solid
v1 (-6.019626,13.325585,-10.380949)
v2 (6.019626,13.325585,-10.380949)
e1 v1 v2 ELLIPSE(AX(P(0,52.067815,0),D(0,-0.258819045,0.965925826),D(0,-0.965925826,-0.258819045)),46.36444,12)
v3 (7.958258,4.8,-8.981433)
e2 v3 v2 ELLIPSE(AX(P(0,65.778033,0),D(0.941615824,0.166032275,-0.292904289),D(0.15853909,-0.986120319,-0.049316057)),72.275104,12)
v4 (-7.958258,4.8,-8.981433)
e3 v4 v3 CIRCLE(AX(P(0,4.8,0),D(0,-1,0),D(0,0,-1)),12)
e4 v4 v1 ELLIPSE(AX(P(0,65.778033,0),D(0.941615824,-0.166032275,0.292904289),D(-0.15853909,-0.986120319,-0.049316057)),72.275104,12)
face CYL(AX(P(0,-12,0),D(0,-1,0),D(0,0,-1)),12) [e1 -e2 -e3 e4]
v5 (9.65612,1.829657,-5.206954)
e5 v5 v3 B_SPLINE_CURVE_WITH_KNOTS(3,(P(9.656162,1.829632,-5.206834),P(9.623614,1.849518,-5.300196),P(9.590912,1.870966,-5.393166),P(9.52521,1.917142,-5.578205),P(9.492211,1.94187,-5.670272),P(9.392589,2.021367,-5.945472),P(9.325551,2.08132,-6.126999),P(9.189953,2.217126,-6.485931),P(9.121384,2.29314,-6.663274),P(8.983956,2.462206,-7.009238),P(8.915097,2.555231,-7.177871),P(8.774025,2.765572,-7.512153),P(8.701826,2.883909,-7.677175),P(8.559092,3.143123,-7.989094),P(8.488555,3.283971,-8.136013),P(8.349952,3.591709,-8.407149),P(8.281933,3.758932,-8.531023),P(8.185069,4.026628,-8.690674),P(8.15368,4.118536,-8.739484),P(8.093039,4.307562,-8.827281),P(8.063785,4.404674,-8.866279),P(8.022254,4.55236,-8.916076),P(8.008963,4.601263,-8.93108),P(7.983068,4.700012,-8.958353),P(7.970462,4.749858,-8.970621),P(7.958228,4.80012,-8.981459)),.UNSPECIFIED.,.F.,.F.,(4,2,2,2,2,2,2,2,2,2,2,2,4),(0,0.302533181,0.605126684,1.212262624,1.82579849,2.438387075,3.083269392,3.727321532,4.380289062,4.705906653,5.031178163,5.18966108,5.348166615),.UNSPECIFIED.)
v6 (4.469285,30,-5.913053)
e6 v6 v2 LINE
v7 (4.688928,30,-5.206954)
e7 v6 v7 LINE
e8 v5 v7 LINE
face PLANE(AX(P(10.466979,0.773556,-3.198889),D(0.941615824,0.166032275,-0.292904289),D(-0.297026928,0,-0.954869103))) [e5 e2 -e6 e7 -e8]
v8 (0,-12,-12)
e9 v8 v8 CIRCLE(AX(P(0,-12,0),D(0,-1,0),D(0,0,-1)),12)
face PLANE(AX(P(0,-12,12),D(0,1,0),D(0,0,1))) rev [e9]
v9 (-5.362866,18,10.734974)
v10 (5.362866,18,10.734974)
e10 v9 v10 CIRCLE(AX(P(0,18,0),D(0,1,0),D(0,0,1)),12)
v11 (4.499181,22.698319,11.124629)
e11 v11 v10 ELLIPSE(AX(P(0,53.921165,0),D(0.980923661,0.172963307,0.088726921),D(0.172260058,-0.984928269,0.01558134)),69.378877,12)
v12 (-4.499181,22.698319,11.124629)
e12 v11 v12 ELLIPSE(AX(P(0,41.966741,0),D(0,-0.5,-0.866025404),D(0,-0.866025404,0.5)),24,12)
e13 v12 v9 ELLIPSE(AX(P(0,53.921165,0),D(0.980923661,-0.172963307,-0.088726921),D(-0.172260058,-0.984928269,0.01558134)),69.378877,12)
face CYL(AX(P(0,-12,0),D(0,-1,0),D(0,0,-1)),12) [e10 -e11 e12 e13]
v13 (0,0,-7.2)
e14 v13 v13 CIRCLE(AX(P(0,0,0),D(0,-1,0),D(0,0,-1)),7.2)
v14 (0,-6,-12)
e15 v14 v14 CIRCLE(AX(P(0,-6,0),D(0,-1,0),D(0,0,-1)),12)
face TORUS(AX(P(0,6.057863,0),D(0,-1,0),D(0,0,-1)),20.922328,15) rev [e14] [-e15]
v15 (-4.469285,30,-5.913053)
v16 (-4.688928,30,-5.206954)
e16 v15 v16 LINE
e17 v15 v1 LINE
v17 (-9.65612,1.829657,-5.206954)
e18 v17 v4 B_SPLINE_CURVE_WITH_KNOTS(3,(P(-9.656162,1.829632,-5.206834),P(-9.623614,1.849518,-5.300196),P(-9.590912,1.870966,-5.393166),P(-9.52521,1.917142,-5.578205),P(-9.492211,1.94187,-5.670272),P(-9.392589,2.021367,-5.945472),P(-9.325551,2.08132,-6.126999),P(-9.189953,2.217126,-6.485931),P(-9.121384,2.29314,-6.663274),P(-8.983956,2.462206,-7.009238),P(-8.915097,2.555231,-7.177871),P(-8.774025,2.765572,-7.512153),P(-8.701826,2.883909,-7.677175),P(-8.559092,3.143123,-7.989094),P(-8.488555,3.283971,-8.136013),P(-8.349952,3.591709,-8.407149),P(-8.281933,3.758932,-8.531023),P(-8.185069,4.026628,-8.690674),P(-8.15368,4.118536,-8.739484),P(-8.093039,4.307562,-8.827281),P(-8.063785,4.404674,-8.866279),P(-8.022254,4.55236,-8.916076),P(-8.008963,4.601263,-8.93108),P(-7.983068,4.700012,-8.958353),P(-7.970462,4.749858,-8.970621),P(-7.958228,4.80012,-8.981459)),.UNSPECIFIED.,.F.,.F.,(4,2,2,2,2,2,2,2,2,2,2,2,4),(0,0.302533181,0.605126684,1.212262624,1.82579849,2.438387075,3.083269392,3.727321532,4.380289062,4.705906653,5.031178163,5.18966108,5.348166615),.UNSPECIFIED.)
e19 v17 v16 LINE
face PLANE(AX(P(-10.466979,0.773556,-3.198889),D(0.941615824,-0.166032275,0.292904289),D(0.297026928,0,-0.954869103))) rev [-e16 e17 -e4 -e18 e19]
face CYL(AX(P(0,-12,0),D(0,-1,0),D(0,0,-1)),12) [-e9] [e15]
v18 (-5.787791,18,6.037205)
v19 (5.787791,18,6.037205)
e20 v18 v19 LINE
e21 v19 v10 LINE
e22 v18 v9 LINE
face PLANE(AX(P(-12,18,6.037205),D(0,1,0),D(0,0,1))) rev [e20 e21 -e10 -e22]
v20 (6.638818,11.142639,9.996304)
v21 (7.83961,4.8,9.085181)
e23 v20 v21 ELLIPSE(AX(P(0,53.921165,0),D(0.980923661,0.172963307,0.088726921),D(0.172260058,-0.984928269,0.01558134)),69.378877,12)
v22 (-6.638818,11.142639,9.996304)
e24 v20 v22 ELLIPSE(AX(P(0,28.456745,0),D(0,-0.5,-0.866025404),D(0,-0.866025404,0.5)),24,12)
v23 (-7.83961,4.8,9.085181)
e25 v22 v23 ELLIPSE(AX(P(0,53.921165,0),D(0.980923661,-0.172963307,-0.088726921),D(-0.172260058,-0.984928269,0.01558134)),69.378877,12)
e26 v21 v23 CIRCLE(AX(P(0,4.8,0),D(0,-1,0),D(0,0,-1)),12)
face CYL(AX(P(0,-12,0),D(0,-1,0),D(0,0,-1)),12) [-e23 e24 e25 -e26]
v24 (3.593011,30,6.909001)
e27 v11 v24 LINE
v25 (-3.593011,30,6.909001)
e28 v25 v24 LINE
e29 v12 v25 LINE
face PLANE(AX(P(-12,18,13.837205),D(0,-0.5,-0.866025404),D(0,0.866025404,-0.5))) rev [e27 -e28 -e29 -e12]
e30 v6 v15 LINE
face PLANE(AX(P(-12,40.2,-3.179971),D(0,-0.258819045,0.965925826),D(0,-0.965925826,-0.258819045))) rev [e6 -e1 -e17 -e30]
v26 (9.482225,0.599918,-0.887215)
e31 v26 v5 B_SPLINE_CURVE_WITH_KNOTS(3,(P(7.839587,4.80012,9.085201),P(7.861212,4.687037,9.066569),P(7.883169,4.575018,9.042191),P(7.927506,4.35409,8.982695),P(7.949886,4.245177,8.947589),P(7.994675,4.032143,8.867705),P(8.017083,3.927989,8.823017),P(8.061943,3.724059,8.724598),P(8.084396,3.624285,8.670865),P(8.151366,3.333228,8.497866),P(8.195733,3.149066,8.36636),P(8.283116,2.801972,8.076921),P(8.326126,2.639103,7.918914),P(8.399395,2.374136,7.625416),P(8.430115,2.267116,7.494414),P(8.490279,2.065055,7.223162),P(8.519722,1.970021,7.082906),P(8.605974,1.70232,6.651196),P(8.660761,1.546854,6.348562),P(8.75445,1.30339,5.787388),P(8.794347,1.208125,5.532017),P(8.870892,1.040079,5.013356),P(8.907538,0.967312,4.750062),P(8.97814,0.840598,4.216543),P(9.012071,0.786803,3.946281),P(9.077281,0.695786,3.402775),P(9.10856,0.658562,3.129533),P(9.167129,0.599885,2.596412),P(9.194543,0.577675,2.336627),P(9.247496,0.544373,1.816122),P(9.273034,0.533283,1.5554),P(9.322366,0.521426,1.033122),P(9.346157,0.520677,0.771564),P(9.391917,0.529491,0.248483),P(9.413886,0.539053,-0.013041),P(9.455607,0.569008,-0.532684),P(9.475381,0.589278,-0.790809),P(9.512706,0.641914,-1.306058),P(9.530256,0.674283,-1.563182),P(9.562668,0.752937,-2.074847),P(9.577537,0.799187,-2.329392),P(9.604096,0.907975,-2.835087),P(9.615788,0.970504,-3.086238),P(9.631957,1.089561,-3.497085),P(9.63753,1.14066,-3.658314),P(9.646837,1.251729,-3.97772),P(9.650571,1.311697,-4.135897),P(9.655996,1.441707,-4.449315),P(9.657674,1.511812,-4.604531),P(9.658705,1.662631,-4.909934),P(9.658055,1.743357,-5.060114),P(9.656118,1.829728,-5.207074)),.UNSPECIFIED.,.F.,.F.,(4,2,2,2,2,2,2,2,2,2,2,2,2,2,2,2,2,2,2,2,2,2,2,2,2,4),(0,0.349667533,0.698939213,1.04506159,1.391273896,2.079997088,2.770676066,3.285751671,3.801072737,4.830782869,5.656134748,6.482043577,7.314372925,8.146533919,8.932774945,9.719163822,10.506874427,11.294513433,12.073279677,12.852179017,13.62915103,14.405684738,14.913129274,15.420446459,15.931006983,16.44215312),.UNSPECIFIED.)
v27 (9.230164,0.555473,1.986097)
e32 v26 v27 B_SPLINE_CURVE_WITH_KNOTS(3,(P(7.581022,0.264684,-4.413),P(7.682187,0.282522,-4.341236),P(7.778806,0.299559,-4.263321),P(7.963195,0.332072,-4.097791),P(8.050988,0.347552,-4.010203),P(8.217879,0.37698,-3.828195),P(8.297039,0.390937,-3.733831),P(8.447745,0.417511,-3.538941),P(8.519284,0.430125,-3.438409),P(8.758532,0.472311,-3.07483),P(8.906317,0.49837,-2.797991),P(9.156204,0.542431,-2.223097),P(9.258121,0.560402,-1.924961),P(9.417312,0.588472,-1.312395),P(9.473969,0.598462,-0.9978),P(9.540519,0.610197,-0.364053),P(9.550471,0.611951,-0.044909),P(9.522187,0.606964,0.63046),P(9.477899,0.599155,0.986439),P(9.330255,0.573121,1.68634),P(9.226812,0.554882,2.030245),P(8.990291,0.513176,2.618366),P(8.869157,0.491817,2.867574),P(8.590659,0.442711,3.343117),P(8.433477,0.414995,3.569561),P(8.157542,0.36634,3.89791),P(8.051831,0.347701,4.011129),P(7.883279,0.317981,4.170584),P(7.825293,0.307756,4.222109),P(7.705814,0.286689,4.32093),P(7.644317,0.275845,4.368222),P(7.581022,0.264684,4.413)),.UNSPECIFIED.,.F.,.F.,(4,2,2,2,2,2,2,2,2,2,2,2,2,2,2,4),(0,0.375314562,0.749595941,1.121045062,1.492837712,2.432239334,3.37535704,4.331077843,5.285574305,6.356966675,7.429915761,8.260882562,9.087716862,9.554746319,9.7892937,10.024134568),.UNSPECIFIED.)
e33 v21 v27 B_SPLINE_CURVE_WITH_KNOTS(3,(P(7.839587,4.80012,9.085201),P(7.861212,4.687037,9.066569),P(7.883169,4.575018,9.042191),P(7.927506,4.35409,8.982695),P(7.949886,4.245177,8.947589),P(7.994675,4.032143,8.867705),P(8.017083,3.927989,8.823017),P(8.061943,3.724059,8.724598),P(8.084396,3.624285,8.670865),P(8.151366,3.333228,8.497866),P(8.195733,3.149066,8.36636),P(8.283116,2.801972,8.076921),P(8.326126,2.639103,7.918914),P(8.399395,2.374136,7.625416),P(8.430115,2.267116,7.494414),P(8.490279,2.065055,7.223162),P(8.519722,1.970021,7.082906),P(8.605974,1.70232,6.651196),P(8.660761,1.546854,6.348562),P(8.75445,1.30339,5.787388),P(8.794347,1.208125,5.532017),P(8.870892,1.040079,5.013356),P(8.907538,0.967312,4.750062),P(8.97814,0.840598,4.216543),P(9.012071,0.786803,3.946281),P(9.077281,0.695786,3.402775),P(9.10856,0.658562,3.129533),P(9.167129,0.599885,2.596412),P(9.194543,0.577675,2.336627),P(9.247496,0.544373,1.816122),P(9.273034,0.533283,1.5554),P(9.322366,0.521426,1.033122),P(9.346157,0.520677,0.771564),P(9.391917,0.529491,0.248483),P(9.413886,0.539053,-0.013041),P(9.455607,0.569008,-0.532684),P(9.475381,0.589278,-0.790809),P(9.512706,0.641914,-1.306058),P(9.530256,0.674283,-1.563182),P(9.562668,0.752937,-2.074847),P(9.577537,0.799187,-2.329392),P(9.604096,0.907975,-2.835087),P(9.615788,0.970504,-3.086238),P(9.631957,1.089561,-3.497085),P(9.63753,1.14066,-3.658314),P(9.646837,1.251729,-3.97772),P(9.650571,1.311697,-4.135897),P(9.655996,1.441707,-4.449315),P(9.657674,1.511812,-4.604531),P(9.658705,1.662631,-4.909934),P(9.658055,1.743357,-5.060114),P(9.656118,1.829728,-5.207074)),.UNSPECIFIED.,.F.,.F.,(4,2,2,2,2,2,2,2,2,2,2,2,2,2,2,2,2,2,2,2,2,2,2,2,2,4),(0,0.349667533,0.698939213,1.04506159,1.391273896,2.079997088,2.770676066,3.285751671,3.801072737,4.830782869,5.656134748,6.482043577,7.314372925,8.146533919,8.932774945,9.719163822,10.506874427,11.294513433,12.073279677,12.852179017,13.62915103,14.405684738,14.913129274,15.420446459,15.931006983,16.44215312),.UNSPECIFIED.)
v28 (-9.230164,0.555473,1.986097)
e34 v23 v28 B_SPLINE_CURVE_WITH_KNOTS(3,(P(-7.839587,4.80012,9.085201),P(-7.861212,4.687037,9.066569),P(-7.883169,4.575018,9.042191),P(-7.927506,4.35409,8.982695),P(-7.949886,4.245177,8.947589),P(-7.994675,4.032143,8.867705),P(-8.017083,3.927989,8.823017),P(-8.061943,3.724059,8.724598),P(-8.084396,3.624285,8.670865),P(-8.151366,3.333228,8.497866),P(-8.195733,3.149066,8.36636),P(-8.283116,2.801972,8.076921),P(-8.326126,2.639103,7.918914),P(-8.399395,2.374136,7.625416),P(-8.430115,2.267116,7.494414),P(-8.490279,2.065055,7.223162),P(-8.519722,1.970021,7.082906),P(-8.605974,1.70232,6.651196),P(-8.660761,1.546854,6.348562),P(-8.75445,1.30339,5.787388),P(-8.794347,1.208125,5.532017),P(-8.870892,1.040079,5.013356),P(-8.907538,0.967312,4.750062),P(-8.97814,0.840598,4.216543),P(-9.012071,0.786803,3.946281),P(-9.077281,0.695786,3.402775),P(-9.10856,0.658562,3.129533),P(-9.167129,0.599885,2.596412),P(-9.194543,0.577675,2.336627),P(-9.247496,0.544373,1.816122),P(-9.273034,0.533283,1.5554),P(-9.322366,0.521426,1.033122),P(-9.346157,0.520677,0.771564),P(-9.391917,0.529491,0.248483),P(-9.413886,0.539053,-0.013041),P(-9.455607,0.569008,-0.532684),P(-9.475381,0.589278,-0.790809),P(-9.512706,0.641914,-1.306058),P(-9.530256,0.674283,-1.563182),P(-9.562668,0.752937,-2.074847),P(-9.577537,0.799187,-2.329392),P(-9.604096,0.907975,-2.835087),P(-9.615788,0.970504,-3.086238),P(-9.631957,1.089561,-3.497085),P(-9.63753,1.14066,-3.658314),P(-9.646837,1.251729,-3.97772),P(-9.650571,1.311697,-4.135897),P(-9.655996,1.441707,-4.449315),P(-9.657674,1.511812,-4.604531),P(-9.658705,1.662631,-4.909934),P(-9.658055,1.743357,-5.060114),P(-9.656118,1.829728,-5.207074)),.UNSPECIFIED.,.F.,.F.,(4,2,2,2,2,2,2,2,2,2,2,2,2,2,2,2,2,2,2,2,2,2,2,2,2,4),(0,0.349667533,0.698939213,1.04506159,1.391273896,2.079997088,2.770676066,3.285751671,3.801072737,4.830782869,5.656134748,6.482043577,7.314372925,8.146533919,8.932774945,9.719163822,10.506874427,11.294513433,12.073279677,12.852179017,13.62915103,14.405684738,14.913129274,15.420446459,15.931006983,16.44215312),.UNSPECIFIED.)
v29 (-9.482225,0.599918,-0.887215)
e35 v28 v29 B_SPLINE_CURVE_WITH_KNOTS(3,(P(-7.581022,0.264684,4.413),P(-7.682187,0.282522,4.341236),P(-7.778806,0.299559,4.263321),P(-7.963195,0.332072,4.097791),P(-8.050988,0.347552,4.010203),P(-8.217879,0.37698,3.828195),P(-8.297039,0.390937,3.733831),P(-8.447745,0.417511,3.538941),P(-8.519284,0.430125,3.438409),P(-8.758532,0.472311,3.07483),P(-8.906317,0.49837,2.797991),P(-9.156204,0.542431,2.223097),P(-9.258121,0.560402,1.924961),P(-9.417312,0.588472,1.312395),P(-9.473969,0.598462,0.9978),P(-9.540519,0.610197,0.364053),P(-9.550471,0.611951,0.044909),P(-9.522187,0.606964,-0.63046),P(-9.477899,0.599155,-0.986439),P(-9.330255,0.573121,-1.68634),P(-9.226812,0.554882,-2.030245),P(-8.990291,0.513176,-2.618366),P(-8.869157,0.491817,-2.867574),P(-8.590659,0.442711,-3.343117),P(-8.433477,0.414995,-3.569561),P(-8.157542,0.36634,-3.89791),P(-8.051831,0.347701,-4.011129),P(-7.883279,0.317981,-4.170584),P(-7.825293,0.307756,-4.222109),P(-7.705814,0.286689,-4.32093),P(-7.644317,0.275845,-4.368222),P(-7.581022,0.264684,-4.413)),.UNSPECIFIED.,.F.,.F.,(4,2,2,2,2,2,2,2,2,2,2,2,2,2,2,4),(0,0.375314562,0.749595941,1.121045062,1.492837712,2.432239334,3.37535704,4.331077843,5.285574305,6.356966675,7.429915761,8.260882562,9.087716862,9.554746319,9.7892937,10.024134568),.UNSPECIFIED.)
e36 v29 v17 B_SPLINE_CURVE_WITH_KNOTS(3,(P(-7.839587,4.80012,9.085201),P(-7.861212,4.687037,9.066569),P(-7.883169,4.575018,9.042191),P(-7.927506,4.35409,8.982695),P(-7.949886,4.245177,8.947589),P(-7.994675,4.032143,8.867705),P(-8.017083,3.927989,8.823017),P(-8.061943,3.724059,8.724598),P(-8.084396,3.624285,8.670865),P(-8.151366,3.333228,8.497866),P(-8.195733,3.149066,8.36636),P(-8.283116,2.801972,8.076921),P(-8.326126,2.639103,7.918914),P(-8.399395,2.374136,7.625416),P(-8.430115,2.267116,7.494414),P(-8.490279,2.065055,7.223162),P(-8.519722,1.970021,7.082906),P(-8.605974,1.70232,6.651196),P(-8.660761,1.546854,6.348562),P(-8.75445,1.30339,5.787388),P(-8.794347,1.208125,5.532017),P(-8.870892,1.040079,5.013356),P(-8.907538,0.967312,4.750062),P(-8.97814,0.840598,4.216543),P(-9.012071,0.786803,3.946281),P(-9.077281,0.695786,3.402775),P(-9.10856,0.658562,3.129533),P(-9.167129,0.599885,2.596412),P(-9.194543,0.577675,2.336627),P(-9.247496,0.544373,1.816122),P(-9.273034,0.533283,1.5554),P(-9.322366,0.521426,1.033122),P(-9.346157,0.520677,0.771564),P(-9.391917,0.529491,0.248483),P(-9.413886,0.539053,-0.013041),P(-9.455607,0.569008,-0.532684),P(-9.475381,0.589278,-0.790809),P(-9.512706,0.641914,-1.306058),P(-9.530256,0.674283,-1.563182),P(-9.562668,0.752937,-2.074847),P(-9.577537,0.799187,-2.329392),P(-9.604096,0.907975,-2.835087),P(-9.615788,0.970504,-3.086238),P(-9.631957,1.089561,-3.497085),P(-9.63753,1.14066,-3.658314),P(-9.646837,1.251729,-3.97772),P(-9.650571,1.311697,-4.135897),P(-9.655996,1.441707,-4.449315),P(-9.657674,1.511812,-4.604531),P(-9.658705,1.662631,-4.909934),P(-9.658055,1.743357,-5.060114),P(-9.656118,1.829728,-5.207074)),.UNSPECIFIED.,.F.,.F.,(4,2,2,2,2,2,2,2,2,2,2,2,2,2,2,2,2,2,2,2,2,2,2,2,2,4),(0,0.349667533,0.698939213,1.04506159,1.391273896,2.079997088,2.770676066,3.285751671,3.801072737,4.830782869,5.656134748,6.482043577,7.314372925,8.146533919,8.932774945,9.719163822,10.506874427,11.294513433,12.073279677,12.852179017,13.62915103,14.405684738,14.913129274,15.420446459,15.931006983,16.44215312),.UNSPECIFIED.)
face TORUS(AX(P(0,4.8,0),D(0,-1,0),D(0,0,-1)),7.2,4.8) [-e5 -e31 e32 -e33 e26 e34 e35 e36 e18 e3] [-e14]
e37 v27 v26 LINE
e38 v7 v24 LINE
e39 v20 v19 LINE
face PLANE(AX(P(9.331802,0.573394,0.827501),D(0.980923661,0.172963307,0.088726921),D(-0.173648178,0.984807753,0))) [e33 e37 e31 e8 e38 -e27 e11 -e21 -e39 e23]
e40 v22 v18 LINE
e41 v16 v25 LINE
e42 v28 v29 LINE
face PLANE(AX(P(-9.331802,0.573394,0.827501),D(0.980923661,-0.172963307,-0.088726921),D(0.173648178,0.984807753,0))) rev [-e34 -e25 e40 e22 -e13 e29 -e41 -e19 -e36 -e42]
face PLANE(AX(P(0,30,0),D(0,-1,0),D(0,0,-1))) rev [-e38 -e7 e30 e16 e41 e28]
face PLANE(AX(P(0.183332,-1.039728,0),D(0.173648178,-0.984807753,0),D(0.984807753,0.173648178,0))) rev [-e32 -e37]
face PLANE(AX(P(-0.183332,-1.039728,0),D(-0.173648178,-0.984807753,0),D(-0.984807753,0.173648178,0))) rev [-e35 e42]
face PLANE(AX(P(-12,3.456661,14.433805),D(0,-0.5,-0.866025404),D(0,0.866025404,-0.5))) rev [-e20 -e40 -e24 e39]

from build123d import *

# Parameters (mm, degrees)
CUT_EXTRUDE1_DEPTH      = 51
CUT_EXTRUDE2_DEPTH      = 58.445626587
CUT_EXTRUDE2_DEPTH_BACK = 58.445626587
SCALE_1_SCALE           = 0.6


with BuildPart() as part:
    # Sketch1 → Revolve1 (revolve)
    with BuildSketch(Plane(origin=(0, 0, 0), x_dir=(0, 0, -1), z_dir=(1, 0, 0)), mode=Mode.PRIVATE) as revolve1_sk:
        with BuildLine():
            Line((-20, -10), (-20, -20))
            Line((-20, -20), (0, -20))
            Line((0, -20), (0, 0))
            Line((0, 0), (0, 50))
            Line((0, 50), (-20, 50))
            Line((-20, 50), (-20, 8))
            ThreePointArc((-20, 8), (-17.656854249, 2.343145751), (-12, 0))
            ThreePointArc((-12, 0), (-15.348827212, -5.520938231), (-20, -10))
        make_face()
    revolve(revolve1_sk.sketch.rotate(Axis((0, -20, 0), (0, 1, 0)), 180), axis=Axis((0, -20, 0), (0, 1, 0)))

    # Sketch4 → Cut-Extrude1 (cut)
    with BuildSketch(Plane(origin=(-8.550503583, 48.49231552, 0), x_dir=(0, 0, -1), z_dir=(0.17364817766692414, -0.9848077530122091, 0))):
        with BuildLine():
            add(Edge.make_bspline(
                [(1.59e-07, 28.378563944), (-15.257193416, 28.378564063), (-19.289037435, 13.887286477)],
                knots=[4.712388972, 4.712388972, 4.712388972, 6.015750233, 6.015750233, 6.015750233], degree=2, weights=[1, 0.79506558, 1]))
            Line((-19.289037435, 13.887286477), (8.678255984, 16.378563944))
            Line((8.678255984, 16.378563944), (19.498892761, 13.063772103))
            add(Edge.make_bspline(
                [(19.498892761, 13.063772103), (15.950697723, 28.378563819), (1.59e-07, 28.378563944)],
                knots=[3.365916951, 3.365916951, 3.365916951, 4.712388972, 4.712388972, 4.712388972], degree=2, weights=[1, 0.781808048, 1]))
        make_face()
    cut_extrude1 = extrude(amount=CUT_EXTRUDE1_DEPTH, mode=Mode.SUBTRACT)

    # Mirror1: Cut-Extrude1 across plane
    add(cut_extrude1.mirror(Plane(origin=(0, 0, 0), x_dir=(0, 0, 1), z_dir=(1, 0, 0))), mode=Mode.SUBTRACT)

    # Sketch5 → Cut-Extrude2 (cut, two sides: drawn at the far end of the back side and taken through both)
    with BuildSketch(Plane(origin=(0, 0, 0), x_dir=(0, 0, -1), z_dir=(1, 0, 0)).offset(-CUT_EXTRUDE2_DEPTH_BACK)):
        Polygon((-24.056341891, 5.761102159), (-10.062007697, 30), (-23.062007697, 30), (-1.700047737, 67), (5.299952263, 67), (20.243066063, 11.231540074), (36.223701355, 75.285993596), (-11.110548582, 82.293611227), (-55.649834593, 36.467288671), align=None)
    extrude(amount=CUT_EXTRUDE2_DEPTH + CUT_EXTRUDE2_DEPTH_BACK, mode=Mode.SUBTRACT)


with BuildPart() as part_1:
    # 缩放比例1: scaled about (0, 0, 0)
    add(part.part.scale(SCALE_1_SCALE))


solid = part_1.part
